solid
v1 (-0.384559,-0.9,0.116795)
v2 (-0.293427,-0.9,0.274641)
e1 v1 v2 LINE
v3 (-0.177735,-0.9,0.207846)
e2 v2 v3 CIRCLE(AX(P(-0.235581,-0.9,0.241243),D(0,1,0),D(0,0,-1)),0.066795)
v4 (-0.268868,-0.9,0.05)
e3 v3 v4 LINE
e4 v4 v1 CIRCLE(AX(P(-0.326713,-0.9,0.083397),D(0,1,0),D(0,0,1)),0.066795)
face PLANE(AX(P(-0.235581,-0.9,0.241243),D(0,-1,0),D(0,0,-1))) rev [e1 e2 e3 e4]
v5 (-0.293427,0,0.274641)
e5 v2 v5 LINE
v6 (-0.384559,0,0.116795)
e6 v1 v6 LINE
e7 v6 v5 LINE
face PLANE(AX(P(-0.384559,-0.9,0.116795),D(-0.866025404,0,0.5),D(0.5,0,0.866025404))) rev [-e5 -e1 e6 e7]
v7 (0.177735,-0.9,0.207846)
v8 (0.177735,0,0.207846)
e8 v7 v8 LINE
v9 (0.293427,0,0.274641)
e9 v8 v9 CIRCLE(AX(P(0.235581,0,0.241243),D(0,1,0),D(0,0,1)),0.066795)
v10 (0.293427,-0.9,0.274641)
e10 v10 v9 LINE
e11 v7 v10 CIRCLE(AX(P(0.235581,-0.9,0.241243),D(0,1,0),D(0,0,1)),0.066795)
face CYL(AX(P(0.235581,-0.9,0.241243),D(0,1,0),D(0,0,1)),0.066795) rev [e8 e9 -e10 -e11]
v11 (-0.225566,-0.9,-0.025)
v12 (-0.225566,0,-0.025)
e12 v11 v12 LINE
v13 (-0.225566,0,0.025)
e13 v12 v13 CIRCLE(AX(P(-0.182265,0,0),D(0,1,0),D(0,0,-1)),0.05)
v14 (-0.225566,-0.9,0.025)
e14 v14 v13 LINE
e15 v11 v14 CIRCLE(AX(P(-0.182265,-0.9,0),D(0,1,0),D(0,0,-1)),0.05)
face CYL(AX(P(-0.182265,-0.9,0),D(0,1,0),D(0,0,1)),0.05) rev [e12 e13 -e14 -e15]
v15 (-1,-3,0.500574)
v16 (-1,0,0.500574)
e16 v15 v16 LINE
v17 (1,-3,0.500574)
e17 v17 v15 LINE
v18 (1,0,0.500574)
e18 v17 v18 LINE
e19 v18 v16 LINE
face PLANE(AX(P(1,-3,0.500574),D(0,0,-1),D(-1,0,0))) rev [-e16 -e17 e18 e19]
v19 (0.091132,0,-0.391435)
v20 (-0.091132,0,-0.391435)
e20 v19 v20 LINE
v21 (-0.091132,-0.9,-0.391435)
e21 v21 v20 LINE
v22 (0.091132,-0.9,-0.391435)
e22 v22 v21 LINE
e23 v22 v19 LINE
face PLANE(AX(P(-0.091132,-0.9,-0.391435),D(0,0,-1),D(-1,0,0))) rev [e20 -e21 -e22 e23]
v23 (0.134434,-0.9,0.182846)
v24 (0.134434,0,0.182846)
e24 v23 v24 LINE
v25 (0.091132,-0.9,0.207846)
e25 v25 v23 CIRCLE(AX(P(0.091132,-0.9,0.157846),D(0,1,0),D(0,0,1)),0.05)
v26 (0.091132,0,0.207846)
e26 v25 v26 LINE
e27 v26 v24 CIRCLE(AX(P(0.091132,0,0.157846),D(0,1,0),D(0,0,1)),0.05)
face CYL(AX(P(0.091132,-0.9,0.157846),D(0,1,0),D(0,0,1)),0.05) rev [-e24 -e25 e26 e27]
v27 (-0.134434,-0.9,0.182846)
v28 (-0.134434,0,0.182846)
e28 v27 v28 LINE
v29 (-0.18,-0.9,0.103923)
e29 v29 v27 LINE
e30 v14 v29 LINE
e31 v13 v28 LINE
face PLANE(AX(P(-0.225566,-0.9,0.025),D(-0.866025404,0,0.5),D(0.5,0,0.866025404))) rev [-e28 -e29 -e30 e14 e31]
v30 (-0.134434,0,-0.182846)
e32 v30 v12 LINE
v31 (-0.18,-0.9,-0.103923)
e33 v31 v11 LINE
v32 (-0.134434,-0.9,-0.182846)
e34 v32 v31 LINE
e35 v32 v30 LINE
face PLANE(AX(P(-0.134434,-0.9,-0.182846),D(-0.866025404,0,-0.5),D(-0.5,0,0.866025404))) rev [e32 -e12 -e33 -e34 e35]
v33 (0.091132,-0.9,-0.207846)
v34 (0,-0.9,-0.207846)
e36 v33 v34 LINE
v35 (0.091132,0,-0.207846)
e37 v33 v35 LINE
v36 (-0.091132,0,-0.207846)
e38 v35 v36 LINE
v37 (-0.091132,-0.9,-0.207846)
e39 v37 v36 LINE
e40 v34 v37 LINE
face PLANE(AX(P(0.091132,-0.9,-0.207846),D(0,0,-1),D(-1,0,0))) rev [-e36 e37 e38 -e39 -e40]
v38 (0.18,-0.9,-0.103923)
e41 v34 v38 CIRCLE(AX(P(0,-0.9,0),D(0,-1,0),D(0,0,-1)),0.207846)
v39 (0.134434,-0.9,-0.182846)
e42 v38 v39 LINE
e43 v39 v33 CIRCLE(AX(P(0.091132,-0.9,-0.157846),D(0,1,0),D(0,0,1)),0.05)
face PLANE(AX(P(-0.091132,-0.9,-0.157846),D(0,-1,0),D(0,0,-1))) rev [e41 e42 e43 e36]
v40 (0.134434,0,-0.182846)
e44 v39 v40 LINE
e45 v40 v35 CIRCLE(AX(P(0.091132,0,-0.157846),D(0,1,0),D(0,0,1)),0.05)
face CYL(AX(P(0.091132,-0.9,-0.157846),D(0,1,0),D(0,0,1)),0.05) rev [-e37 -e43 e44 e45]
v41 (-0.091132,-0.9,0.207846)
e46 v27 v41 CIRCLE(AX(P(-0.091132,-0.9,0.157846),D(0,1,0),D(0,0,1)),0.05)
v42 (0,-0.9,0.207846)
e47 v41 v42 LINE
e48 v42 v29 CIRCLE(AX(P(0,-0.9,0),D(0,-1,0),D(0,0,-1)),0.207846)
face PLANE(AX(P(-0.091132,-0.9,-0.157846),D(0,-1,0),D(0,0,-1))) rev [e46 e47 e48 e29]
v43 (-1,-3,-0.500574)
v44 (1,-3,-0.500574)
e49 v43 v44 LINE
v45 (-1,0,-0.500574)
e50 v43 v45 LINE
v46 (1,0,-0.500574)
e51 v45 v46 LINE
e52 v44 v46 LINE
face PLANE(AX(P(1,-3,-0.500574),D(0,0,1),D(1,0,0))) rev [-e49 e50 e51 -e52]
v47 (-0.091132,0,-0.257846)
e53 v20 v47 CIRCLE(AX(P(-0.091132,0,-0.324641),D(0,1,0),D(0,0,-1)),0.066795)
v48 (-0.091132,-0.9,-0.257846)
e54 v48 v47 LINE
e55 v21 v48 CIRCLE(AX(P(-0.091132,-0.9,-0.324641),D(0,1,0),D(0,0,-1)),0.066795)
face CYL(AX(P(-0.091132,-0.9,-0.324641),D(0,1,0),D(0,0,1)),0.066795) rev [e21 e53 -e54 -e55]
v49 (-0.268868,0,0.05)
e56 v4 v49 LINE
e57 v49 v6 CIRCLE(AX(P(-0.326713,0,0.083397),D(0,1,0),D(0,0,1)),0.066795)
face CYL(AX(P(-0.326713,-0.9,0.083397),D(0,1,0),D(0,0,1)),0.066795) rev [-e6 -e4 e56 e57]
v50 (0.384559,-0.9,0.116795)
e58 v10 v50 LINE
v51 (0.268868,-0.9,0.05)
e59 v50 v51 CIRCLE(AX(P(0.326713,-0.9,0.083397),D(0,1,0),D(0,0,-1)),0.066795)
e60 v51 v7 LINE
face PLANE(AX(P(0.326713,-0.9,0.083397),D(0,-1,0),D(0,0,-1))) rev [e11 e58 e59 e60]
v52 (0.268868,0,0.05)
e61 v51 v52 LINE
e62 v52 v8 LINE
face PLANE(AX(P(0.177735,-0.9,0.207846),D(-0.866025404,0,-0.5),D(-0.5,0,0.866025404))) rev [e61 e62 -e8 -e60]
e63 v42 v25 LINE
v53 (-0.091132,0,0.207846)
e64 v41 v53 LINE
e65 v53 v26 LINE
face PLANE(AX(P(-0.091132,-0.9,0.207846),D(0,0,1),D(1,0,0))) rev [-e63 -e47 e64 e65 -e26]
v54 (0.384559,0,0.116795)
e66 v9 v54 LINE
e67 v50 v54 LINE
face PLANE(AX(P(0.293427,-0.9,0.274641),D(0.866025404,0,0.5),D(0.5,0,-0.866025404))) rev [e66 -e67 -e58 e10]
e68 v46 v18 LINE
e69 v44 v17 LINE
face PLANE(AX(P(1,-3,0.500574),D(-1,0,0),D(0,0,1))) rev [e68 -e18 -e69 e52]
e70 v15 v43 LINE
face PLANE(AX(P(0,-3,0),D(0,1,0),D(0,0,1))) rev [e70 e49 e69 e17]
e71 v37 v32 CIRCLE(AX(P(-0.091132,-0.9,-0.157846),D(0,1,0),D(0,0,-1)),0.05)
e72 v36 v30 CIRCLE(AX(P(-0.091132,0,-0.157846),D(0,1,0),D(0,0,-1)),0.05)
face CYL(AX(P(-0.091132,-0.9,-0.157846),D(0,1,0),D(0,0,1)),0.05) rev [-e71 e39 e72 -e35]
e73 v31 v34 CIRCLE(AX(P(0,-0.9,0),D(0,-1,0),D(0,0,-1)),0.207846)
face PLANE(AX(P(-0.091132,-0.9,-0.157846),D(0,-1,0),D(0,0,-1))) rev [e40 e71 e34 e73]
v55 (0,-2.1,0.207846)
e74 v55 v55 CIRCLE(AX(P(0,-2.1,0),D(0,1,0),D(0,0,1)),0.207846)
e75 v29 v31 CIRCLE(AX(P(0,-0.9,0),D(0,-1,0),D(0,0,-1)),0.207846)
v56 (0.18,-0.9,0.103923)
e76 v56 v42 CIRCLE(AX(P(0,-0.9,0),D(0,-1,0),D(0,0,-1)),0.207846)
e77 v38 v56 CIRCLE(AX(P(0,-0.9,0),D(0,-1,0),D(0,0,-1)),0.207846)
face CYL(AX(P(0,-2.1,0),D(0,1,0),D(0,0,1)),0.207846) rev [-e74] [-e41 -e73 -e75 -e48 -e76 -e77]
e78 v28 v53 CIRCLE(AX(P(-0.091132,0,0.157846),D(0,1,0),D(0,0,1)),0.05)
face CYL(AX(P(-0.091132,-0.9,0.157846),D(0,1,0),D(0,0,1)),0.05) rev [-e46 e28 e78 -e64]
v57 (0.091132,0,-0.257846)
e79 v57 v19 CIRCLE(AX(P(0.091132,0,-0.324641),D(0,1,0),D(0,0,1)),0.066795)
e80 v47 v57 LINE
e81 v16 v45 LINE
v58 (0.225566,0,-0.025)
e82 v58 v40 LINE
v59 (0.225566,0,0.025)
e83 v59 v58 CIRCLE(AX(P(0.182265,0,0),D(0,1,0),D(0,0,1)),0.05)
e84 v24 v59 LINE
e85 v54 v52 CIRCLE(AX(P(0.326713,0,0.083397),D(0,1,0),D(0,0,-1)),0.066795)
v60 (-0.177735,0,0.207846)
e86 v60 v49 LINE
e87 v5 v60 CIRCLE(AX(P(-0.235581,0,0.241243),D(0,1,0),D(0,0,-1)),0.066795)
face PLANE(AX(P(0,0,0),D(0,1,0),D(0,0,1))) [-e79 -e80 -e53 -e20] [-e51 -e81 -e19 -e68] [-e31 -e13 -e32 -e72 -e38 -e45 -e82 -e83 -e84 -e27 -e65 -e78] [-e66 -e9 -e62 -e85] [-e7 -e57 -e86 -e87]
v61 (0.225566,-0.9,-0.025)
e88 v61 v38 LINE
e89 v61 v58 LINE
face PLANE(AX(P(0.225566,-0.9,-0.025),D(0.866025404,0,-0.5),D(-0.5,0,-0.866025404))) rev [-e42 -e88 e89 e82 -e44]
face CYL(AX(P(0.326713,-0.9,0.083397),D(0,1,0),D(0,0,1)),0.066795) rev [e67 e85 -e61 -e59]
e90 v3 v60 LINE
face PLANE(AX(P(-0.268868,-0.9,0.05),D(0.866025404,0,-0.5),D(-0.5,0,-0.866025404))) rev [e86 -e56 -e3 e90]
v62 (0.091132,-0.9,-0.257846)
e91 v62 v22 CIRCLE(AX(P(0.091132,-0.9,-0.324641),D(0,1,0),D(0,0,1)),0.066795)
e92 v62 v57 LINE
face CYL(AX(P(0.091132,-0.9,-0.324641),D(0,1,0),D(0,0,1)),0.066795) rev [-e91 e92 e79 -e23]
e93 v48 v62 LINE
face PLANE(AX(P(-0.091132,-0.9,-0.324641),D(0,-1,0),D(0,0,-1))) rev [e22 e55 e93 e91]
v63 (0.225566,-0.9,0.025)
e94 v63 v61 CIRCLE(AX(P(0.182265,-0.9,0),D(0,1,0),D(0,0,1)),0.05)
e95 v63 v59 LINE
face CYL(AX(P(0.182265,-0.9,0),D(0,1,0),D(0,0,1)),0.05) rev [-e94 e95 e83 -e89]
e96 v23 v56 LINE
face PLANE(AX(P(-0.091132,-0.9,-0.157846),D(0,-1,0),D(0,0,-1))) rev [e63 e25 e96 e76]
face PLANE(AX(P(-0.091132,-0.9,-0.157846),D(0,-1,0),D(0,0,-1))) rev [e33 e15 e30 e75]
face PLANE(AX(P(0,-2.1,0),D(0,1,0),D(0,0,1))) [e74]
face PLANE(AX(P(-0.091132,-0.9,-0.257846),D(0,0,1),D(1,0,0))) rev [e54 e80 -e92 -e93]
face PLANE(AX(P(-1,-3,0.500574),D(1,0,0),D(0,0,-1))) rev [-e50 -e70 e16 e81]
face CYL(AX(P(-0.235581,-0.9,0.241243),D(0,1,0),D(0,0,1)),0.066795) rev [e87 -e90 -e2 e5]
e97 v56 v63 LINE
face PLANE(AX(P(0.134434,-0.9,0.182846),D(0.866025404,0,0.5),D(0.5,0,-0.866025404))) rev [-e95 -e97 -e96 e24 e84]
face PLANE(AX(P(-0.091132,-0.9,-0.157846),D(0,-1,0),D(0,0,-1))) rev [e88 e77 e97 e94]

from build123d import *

# Parameters (mm, degrees)
SKETCH6_W           = 2
SKETCH6_H           = 1.001148594
BOSS_EXTRUDE7_DEPTH = 3
CUT_EXTRUDE3_DEPTH  = 0.9
SKETCH5_R           = 0.207846097
CUT_EXTRUDE4_DEPTH  = 2.7


with BuildPart() as part:
    # Sketch6 → Boss-Extrude7 (new body)
    with BuildSketch(Plane.XZ):
        Rectangle(SKETCH6_W, SKETCH6_H)
    extrude(amount=BOSS_EXTRUDE7_DEPTH)

    # Sketch1 → Cut-Extrude3 (cut)
    with BuildSketch(Plane(origin=(0, 0, 0), x_dir=(1, 0, 0), z_dir=(0, 1, 0))):
        with BuildLine():
            Line((-0.091132487, 0.257846097), (0.091132487, 0.257846097))
            ThreePointArc((0.091132487, 0.257846097), (0.157927132, 0.324640742), (0.091132487, 0.391435388))
            Line((0.091132487, 0.391435388), (-0.091132487, 0.391435388))
            ThreePointArc((-0.091132487, 0.391435388), (-0.157927132, 0.324640742), (-0.091132487, 0.257846097))
        make_face()
        with BuildLine():
            Line((-0.134433757, 0.182846097), (-0.225566243, 0.025))
            ThreePointArc((-0.225566243, 0.025), (-0.232264973, 0), (-0.225566243, -0.025))
            Line((-0.225566243, -0.025), (-0.134433757, -0.182846097))
            ThreePointArc((-0.134433757, -0.182846097), (-0.116132487, -0.201147367), (-0.091132487, -0.207846097))
            Line((-0.091132487, -0.207846097), (0.091132487, -0.207846097))
            ThreePointArc((0.091132487, -0.207846097), (0.116132487, -0.201147367), (0.134433757, -0.182846097))
            Line((0.134433757, -0.182846097), (0.225566243, -0.025))
            ThreePointArc((0.225566243, -0.025), (0.232264973, 0), (0.225566243, 0.025))
            Line((0.225566243, 0.025), (0.134433757, 0.182846097))
            ThreePointArc((0.134433757, 0.182846097), (0.116132487, 0.201147367), (0.091132487, 0.207846097))
            Line((0.091132487, 0.207846097), (-0.091132487, 0.207846097))
            ThreePointArc((-0.091132487, 0.207846097), (-0.116132487, 0.201147367), (-0.134433757, 0.182846097))
        make_face()
        with BuildLine():
            Line((0.293426746, -0.274640742), (0.384559233, -0.116794645))
            ThreePointArc((0.384559233, -0.116794645), (0.360110696, -0.025551463), (0.268867513, -0.05))
            Line((0.268867513, -0.05), (0.177735027, -0.207846097))
            ThreePointArc((0.177735027, -0.207846097), (0.202183564, -0.299089279), (0.293426746, -0.274640742))
        make_face()
        with BuildLine():
            Line((-0.384559233, -0.116794645), (-0.293426746, -0.274640742))
            ThreePointArc((-0.293426746, -0.274640742), (-0.202183564, -0.299089279), (-0.177735027, -0.207846097))
            Line((-0.177735027, -0.207846097), (-0.268867513, -0.05))
            ThreePointArc((-0.268867513, -0.05), (-0.360110696, -0.025551463), (-0.384559233, -0.116794645))
        make_face()
    extrude(amount=-CUT_EXTRUDE3_DEPTH, mode=Mode.SUBTRACT)

    # Sketch5 → Cut-Extrude4 (cut)
    with BuildSketch(Plane(origin=(0, 0.6, 0), x_dir=(1, 0, 0), z_dir=(0, 1, 0))):
        with Locations(Location((0, 0, 0), (0, 0, 270))):
            Circle(SKETCH5_R)
    extrude(amount=-CUT_EXTRUDE4_DEPTH, mode=Mode.SUBTRACT)


solid = part.part
